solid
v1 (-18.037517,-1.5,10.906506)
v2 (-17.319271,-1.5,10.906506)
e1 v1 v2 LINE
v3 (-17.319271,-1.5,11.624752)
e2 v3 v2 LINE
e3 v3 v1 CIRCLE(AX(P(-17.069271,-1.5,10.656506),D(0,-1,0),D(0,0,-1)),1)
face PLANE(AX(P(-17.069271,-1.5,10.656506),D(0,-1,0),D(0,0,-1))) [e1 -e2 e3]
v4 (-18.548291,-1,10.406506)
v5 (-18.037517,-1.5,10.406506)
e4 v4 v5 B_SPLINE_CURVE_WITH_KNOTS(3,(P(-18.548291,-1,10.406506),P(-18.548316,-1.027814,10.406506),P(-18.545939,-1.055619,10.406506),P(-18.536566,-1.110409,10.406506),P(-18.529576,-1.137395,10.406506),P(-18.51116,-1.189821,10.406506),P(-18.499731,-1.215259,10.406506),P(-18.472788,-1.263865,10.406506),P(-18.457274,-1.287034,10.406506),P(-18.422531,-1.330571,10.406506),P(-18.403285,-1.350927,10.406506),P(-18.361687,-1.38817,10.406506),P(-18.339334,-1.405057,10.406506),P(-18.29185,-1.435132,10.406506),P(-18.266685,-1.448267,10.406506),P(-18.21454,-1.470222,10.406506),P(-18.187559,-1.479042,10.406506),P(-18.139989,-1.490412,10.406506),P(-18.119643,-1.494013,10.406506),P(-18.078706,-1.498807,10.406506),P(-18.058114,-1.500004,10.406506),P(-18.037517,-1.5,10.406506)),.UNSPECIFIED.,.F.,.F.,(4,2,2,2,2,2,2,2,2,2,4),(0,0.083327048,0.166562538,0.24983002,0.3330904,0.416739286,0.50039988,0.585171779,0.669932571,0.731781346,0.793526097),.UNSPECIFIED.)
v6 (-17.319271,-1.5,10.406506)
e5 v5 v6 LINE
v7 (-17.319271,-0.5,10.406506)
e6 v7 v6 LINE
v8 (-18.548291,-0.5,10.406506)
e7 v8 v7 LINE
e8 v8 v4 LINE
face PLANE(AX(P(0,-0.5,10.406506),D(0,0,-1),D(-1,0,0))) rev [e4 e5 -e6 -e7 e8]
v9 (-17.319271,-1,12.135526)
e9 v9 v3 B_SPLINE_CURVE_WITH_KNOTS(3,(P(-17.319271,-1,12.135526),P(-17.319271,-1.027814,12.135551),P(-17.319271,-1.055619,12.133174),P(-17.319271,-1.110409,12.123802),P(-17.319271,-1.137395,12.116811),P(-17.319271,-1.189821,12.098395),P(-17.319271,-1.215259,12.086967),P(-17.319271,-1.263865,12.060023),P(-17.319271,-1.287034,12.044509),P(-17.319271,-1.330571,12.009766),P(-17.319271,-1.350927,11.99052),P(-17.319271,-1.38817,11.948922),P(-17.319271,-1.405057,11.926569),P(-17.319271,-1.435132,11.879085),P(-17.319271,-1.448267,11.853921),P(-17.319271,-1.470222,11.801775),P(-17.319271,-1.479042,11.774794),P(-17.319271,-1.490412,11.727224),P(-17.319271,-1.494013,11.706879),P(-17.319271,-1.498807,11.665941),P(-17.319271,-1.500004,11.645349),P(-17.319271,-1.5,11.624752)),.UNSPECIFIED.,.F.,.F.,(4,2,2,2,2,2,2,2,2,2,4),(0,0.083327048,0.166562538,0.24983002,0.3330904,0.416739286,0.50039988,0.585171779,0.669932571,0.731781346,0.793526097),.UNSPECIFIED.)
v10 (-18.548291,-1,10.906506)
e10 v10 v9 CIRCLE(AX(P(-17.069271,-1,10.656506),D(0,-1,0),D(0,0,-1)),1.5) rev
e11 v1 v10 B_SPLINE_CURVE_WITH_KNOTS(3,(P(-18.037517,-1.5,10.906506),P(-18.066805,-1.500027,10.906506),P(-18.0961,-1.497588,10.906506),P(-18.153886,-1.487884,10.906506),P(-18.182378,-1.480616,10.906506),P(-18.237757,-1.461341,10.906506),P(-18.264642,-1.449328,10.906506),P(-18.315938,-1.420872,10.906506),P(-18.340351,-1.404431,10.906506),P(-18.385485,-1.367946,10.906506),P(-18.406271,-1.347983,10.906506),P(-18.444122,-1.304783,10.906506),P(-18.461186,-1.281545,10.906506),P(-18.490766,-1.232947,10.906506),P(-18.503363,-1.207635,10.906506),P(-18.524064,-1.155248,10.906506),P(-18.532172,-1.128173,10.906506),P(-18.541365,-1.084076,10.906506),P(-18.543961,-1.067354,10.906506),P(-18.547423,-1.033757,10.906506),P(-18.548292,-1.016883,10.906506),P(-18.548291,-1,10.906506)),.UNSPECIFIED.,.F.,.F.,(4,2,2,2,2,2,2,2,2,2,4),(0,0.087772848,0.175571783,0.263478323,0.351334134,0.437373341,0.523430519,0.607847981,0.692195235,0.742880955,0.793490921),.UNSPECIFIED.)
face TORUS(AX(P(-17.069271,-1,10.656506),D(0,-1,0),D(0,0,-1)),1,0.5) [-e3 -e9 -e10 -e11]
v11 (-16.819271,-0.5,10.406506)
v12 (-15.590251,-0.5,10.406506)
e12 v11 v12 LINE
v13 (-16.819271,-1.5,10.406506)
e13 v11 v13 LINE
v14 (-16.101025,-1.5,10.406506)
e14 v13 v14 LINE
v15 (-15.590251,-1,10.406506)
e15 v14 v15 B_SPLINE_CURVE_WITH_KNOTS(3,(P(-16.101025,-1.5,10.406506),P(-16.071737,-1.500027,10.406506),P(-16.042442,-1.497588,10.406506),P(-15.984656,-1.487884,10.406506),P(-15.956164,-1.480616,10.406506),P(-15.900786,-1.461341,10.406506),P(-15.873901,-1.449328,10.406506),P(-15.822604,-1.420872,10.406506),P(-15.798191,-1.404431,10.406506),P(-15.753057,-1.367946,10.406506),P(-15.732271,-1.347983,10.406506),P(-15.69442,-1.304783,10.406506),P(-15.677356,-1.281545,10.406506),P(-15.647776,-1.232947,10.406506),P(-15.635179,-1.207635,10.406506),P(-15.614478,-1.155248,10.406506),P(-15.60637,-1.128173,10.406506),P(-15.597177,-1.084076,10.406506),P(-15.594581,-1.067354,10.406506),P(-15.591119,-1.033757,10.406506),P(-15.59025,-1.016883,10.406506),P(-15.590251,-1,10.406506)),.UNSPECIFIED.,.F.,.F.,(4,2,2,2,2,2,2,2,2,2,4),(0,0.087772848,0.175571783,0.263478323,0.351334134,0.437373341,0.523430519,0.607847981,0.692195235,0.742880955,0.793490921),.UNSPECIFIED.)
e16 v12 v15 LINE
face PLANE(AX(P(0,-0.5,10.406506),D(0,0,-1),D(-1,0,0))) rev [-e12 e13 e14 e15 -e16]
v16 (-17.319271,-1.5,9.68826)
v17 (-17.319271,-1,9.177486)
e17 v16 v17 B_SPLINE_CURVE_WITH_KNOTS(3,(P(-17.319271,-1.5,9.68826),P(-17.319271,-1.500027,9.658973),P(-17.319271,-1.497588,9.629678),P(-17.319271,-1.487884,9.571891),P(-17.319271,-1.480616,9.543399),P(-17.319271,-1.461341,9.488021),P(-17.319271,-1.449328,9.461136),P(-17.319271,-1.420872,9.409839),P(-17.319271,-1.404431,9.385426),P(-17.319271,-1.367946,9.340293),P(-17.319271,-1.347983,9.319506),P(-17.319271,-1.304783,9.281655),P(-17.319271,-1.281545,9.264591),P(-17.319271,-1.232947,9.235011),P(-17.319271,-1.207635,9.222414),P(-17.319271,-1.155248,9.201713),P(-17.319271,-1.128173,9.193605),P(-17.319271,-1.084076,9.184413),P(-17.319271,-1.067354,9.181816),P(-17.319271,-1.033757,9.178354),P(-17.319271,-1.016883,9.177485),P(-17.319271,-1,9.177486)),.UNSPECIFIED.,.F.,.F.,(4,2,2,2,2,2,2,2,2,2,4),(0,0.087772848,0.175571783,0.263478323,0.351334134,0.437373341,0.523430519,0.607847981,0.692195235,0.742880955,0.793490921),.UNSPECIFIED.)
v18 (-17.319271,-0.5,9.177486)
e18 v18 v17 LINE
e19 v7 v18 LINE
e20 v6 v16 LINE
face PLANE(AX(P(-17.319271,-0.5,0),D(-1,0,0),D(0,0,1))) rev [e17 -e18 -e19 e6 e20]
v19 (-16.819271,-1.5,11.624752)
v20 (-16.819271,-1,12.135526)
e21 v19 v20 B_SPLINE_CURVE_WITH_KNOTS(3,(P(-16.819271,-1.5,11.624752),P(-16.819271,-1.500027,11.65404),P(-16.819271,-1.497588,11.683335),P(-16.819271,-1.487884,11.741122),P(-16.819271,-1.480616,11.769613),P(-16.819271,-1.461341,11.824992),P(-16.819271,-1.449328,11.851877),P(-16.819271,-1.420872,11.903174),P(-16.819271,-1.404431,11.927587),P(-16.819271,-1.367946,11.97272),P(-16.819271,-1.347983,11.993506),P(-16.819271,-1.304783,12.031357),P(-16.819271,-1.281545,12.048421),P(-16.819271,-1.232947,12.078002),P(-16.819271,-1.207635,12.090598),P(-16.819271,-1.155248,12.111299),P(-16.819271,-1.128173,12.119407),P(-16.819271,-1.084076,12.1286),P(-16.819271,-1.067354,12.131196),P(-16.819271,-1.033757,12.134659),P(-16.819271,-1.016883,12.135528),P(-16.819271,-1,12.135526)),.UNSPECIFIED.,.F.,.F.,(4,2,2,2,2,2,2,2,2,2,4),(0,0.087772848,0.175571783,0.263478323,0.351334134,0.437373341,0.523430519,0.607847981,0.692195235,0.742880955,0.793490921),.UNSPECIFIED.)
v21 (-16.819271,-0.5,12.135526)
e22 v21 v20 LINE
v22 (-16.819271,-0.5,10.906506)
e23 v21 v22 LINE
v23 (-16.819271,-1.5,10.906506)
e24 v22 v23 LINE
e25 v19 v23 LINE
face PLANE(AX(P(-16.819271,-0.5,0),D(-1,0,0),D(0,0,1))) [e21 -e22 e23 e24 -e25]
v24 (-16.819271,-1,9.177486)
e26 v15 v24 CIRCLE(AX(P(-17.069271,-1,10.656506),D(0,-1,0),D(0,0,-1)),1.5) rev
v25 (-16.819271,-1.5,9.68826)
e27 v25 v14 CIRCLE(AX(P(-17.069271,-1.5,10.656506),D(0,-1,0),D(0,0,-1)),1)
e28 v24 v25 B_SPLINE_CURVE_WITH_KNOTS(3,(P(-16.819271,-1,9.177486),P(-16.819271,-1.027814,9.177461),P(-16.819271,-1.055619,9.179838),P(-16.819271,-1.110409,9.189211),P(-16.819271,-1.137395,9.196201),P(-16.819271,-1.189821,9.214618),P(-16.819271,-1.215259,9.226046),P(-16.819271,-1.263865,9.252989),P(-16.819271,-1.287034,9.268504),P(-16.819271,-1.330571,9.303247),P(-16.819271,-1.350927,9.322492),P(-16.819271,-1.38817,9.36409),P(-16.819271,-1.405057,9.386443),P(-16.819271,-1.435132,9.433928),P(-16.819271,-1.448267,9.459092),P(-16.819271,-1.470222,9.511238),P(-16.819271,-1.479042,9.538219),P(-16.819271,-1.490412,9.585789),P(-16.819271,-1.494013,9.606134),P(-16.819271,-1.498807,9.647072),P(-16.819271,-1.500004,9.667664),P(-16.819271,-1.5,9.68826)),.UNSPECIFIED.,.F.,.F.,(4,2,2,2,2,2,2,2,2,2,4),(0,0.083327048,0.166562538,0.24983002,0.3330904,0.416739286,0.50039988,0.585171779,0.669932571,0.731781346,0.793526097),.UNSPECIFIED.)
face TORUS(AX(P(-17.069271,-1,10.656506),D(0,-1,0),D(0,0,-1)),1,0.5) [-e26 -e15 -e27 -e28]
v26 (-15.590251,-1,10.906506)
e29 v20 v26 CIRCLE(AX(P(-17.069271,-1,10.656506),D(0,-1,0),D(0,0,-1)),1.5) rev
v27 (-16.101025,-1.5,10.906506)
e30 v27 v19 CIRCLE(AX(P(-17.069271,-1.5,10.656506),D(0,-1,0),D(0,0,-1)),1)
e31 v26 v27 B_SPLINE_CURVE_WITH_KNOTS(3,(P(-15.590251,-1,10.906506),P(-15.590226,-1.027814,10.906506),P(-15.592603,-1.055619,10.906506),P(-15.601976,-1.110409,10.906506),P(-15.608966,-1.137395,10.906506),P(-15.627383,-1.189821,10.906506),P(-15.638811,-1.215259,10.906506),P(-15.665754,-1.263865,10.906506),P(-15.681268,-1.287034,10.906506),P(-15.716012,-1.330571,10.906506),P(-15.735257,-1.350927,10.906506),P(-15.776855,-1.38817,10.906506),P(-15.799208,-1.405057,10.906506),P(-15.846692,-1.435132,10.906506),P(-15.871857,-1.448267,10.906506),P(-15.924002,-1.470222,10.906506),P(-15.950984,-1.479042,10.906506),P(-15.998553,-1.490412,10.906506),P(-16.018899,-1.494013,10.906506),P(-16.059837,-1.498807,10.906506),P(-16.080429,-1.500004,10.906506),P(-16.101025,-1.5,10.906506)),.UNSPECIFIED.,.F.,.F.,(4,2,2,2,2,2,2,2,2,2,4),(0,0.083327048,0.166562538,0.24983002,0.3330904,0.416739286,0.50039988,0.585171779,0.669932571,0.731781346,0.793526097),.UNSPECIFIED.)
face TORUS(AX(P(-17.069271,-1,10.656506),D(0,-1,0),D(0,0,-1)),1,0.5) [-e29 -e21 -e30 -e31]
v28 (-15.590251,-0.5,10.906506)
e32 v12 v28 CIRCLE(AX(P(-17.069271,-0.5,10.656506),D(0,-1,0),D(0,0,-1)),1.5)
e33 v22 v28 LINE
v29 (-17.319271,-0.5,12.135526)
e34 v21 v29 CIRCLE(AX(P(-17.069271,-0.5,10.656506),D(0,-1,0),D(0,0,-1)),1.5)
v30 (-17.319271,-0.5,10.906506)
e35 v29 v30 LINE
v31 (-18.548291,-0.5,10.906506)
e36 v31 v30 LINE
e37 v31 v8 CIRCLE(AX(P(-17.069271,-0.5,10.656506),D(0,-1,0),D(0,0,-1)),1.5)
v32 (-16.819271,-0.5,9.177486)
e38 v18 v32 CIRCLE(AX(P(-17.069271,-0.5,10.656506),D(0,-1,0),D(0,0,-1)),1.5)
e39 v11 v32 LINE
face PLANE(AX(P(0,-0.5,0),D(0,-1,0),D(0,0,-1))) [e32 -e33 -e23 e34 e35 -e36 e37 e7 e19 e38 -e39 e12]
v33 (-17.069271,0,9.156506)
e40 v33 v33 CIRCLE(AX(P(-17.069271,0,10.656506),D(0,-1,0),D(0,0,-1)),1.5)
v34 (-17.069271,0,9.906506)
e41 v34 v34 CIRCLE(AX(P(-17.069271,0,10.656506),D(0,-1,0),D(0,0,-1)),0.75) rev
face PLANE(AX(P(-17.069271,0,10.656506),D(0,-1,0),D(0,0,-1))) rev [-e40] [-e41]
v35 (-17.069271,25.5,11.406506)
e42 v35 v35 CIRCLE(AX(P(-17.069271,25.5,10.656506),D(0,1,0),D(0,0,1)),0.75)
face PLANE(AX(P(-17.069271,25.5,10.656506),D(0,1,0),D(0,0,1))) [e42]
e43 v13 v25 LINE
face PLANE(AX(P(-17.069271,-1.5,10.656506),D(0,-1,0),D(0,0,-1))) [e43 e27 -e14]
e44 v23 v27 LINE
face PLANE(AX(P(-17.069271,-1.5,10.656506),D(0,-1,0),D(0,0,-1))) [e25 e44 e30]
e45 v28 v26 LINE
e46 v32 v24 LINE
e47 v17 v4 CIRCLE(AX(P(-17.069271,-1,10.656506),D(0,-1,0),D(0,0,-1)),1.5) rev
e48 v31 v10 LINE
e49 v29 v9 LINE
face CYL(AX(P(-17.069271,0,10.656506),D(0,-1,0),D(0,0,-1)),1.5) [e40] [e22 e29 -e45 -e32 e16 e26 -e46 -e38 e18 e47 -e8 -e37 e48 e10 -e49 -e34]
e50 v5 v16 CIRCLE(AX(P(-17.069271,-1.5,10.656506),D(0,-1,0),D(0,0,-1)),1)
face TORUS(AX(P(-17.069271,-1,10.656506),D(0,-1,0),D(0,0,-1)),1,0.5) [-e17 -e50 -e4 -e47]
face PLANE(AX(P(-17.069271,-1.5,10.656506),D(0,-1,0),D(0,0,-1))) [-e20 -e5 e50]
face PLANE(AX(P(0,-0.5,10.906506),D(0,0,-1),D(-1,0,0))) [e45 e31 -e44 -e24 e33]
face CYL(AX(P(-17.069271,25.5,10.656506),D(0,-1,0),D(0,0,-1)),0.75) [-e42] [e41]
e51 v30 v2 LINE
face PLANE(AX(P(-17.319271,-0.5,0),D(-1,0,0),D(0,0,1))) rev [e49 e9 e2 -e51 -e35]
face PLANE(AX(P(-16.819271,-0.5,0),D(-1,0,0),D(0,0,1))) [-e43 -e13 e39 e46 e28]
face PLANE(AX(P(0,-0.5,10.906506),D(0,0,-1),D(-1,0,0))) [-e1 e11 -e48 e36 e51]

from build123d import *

# Parameters (mm, degrees)
ESQUISSE1_R             = 1.5
BOSS_EXTRU_1_DEPTH      = 1.5
ESQUISSE2_R             = 0.75
BOSS_EXTRU_2_DEPTH      = 25.5
ESQUISSE3_W             = 0.5
ESQUISSE3_H             = 0.5
ENL_V_MAT_EXTRU_1_DEPTH = 1
CONG_1_R                = 0.5


with BuildPart() as part:
    # Esquisse1 → Boss.-Extru.1 (new body)
    with BuildSketch(Plane.XZ.offset(1.5)):
        with Locations(Location((-17.069271079, 10.656506254, 0), (0, 0, 270))):
            Circle(ESQUISSE1_R)
    extrude(amount=-BOSS_EXTRU_1_DEPTH)

    # Esquisse2 → Boss.-Extru.2 (add)
    with BuildSketch(Plane(origin=(0, 0, 0), x_dir=(1, 0, 0), z_dir=(0, 1, 0))):
        with Locations(Location((-17.069271079, -10.656506254, 0), (0, 0, 90))):
            Circle(ESQUISSE2_R)
    extrude(amount=BOSS_EXTRU_2_DEPTH)

    # Esquisse3 → Enlèv. mat.-Extru.1 (cut)
    with BuildSketch(Plane.XZ.offset(1.5)):
        with BuildLine():
            Line((-16.819271079, 9.177486308), (-16.819271079, 10.406506254))
            Line((-16.819271079, 10.406506254), (-17.319271079, 10.406506254))
            Line((-17.319271079, 10.406506254), (-17.319271079, 9.177486308))
            ThreePointArc((-17.319271079, 9.177486308), (-17.069271079, 9.156506254), (-16.819271079, 9.177486308))
        make_face()
        with BuildLine():
            Line((-16.819271079, 10.906506254), (-16.819271079, 12.1355262))
            ThreePointArc((-16.819271079, 12.1355262), (-17.069271079, 12.156506254), (-17.319271079, 12.1355262))
            Line((-17.319271079, 12.1355262), (-17.319271079, 10.906506254))
            Line((-17.319271079, 10.906506254), (-16.819271079, 10.906506254))
        make_face()
        with BuildLine():
            Line((-15.590251133, 10.906506254), (-16.819271079, 10.906506254))
            Line((-16.819271079, 10.906506254), (-16.819271079, 10.406506254))
            Line((-16.819271079, 10.406506254), (-15.590251133, 10.406506254))
            ThreePointArc((-15.590251133, 10.406506254), (-15.574525295, 10.531066863), (-15.569271079, 10.656506254))
            ThreePointArc((-15.569271079, 10.656506254), (-15.574525295, 10.781945644), (-15.590251133, 10.906506254))
        make_face()
        with BuildLine():
            Line((-17.319271079, 10.406506254), (-17.319271079, 10.906506254))
            Line((-17.319271079, 10.906506254), (-18.548291025, 10.906506254))
            ThreePointArc((-18.548291025, 10.906506254), (-18.569271079, 10.656506254), (-18.548291025, 10.406506254))
            Line((-18.548291025, 10.406506254), (-17.319271079, 10.406506254))
        make_face()
        with Locations((-17.069271079, 10.656506254)):
            Rectangle(ESQUISSE3_W, ESQUISSE3_H)
    extrude(amount=-ENL_V_MAT_EXTRU_1_DEPTH, mode=Mode.SUBTRACT)

    # Congé1
    cong_1_edges = [part.edges().sort_by_distance(p)[0] for p in [
        (-16.008610907, -1.5, 11.717166426),
        (-18.129931251, -1.5, 11.717166426),
        (-18.129931251, -1.5, 9.595846082),
        (-16.008610907, -1.5, 9.595846082),
    ]]
    fillet(cong_1_edges, radius=CONG_1_R)


solid = part.part
